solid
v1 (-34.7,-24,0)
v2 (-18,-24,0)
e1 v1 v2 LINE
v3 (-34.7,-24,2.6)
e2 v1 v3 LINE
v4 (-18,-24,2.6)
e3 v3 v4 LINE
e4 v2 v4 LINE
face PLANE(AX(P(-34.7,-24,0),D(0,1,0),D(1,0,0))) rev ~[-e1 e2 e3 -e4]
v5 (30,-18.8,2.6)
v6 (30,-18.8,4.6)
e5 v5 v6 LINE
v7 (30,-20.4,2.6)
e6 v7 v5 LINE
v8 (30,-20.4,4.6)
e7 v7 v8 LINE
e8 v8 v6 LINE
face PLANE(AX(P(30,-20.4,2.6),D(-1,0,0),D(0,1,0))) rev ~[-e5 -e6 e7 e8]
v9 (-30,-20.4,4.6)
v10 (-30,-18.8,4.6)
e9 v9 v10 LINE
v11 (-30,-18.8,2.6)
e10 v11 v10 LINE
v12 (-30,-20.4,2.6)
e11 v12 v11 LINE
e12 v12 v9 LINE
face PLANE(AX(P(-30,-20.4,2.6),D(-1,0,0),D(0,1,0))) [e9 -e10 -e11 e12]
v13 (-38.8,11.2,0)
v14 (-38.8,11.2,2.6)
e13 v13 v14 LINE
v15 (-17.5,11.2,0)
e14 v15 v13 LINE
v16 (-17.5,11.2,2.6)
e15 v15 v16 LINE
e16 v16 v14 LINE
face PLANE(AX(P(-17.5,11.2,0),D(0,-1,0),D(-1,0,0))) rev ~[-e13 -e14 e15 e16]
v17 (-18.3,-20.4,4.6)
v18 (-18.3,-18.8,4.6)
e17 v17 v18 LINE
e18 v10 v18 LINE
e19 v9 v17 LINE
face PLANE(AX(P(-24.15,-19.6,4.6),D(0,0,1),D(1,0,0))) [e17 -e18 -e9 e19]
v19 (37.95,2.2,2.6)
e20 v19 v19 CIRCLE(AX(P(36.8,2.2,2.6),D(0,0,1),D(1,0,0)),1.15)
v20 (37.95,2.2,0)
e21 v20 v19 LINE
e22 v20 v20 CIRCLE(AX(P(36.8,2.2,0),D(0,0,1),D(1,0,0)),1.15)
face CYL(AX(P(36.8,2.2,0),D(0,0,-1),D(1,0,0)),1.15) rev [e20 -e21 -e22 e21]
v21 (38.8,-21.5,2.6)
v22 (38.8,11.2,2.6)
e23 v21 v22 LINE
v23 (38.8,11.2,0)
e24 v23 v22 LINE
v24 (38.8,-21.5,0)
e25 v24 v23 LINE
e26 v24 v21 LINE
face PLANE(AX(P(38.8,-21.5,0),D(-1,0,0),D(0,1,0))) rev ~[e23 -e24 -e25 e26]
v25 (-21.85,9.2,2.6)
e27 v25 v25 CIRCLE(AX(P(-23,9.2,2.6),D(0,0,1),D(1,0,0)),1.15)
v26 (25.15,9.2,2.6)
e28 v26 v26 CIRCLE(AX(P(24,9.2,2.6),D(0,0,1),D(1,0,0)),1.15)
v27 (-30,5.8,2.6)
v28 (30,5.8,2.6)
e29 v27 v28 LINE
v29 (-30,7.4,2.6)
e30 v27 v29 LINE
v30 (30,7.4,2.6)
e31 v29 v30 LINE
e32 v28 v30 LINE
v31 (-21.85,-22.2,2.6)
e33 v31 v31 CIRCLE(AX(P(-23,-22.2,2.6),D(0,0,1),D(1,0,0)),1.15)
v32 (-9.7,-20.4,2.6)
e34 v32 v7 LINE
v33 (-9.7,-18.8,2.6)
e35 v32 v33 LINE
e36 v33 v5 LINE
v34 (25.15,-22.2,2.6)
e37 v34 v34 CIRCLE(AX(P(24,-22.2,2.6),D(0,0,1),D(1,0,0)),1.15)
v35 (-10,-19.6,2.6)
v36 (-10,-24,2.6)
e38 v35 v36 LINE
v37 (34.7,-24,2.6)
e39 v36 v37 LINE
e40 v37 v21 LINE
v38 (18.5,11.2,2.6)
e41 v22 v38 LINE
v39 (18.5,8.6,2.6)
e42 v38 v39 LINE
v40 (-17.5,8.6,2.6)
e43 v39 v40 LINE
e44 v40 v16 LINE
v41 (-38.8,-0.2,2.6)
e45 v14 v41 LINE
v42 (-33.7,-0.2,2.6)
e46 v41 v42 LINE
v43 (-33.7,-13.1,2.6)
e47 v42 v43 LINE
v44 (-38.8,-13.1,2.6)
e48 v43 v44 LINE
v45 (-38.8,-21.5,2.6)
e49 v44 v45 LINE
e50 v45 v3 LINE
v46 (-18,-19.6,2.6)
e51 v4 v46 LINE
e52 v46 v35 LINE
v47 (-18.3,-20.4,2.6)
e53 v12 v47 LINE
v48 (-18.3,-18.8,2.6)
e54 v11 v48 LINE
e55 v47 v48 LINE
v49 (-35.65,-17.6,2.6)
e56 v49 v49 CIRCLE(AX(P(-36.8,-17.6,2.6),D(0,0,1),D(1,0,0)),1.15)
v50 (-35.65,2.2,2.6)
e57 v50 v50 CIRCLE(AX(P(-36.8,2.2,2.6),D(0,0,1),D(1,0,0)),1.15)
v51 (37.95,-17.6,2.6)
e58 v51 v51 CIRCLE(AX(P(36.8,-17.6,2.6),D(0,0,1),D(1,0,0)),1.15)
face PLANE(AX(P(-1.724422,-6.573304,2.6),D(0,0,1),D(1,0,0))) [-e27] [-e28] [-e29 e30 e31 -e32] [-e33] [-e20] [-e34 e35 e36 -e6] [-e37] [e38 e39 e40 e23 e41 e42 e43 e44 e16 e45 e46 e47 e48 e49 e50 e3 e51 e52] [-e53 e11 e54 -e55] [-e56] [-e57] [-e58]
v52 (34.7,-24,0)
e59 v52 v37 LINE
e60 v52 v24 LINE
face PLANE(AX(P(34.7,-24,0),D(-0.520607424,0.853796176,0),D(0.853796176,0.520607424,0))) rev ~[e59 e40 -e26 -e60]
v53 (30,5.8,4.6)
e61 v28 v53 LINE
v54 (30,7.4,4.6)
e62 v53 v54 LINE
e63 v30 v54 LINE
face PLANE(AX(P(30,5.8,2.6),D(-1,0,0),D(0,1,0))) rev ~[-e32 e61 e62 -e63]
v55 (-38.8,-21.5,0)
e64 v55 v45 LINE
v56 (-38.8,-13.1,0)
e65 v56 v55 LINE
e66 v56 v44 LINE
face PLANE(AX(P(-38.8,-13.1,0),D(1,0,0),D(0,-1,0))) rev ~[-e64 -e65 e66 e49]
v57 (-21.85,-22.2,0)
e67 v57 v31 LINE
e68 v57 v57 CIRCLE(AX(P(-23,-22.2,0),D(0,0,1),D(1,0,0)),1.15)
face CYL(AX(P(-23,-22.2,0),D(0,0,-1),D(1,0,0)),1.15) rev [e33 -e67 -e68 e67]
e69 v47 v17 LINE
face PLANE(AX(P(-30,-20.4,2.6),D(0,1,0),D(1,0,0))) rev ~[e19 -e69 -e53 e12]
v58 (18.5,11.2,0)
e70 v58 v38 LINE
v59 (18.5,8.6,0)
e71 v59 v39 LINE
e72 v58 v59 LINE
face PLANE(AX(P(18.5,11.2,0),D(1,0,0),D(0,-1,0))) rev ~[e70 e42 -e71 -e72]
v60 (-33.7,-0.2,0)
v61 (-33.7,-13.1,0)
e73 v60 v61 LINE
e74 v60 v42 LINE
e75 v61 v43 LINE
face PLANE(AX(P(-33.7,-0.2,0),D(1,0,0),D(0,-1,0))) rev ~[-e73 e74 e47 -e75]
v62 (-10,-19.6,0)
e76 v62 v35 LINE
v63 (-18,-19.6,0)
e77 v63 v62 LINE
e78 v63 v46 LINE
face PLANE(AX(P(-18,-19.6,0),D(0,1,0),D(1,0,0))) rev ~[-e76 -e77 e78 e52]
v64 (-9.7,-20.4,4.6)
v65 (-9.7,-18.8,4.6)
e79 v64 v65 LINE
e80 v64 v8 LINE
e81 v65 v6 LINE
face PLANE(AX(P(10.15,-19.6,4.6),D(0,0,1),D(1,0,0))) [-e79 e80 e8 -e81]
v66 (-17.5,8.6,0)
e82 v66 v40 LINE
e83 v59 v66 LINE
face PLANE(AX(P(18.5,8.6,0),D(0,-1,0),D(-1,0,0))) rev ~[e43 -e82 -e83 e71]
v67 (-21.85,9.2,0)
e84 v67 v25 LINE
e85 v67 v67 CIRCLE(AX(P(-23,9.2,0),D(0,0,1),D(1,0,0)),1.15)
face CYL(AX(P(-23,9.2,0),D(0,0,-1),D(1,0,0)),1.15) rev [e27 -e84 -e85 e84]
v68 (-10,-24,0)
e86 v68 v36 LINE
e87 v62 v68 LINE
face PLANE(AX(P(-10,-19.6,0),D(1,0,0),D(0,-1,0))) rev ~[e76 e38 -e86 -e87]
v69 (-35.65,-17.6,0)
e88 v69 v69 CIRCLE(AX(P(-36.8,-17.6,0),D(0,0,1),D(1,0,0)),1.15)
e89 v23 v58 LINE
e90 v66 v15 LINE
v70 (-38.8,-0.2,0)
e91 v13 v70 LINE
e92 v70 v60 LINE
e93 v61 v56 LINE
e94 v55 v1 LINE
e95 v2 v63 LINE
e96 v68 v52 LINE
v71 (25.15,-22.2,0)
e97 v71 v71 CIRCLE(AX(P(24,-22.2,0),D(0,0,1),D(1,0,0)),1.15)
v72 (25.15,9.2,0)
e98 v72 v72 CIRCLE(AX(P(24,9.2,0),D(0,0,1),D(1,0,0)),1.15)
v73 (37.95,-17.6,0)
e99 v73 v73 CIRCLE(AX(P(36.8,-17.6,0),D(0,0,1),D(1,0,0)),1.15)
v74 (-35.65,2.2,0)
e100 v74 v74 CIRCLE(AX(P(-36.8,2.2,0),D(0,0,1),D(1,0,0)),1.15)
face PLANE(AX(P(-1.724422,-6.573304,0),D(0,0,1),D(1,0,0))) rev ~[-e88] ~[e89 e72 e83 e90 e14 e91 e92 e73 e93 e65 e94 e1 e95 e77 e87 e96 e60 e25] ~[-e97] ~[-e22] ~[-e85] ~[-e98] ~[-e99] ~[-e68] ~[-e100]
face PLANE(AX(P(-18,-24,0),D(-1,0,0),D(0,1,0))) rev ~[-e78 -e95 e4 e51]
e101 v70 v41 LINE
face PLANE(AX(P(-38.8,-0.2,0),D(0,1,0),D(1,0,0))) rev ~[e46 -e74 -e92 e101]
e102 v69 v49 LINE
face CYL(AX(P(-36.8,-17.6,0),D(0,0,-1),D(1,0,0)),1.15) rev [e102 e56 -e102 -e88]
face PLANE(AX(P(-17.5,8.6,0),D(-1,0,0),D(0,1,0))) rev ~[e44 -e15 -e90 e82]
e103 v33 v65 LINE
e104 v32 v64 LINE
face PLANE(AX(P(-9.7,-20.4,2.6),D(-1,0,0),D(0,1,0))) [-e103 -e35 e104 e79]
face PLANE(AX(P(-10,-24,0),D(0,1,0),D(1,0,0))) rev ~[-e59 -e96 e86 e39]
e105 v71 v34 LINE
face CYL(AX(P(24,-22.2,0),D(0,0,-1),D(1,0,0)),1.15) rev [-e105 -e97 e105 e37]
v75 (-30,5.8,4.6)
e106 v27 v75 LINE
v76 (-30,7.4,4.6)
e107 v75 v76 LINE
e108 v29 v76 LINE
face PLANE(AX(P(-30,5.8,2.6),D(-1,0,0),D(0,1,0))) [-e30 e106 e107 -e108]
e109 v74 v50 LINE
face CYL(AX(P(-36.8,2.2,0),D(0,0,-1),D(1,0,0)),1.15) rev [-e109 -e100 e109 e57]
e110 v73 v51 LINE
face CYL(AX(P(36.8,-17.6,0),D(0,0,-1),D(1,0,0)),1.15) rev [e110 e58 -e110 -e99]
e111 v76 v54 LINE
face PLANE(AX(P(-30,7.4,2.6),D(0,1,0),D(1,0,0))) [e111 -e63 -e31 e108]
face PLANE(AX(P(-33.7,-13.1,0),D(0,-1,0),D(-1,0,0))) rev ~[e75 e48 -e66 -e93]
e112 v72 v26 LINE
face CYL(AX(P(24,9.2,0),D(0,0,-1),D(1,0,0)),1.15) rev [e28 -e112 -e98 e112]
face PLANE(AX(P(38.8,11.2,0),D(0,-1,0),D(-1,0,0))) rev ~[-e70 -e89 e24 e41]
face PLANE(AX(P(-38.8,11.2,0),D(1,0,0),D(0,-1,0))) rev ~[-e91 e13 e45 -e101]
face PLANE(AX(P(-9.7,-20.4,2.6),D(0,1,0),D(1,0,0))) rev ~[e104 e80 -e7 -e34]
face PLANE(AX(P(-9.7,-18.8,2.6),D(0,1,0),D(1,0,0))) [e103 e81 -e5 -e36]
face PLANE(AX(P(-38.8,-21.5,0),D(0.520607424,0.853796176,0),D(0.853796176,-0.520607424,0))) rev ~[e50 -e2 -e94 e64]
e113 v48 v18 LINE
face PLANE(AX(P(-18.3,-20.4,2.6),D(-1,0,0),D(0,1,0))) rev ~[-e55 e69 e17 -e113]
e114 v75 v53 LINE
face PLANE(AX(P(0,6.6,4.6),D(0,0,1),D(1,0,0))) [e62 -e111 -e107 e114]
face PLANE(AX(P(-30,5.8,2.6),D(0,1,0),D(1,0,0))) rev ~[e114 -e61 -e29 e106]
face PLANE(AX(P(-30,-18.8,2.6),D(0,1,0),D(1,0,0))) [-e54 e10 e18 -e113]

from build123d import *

# Parameters (mm, degrees)
TRIMMED_UPPER_SHELF_CABLE_NOTCH_AN_2_R       = 1.15
TRIMMED_UPPER_SHELF_CABLE_NOTCH_AND_AN_DEPTH = 2.6
PCB_START                                    = 2.6
PCB_EDGE_RESTS_WITH_ANTENNA_GAP_PROFILE_W    = 11.7
PCB_EDGE_RESTS_WITH_ANTENNA_GAP_PROFILE_H    = 1.6
PCB_EDGE_RESTS_WITH_ANTENNA_GAP_PROFILE_W_2  = 39.7
PCB_EDGE_RESTS_WITH_ANTENNA_GAP_PROFILE_W_3  = 60
PCB_EDGE_RESTS_WITH_ANTENNA_GAP_DEPTH        = 2


with BuildPart() as part:
    # Trimmed upper shelf - cable notch an 2 → Trimmed upper shelf - cable notch and an (new body)
    with BuildSketch(Plane.XY):
        Polygon((-38.8, -21.5), (-34.7, -24), (-18, -24), (-18, -19.6), (-10, -19.6), (-10, -24), (34.7, -24), (38.8, -21.5), (38.8, 11.2), (18.5, 11.2), (18.5, 8.6), (-17.5, 8.6), (-17.5, 11.2), (-38.8, 11.2), (-38.8, -0.2), (-33.7, -0.2), (-33.7, -13.1), (-38.8, -13.1), align=None)
        with Locations((-36.8, -17.6)):
            Circle(TRIMMED_UPPER_SHELF_CABLE_NOTCH_AN_2_R, mode=Mode.SUBTRACT)
        with Locations((36.8, -17.6)):
            Circle(TRIMMED_UPPER_SHELF_CABLE_NOTCH_AN_2_R, mode=Mode.SUBTRACT)
        with Locations((-36.8, 2.2)):
            Circle(TRIMMED_UPPER_SHELF_CABLE_NOTCH_AN_2_R, mode=Mode.SUBTRACT)
        with Locations((36.8, 2.2)):
            Circle(TRIMMED_UPPER_SHELF_CABLE_NOTCH_AN_2_R, mode=Mode.SUBTRACT)
        with Locations((-23, -22.2)):
            Circle(TRIMMED_UPPER_SHELF_CABLE_NOTCH_AN_2_R, mode=Mode.SUBTRACT)
        with Locations((24, -22.2)):
            Circle(TRIMMED_UPPER_SHELF_CABLE_NOTCH_AN_2_R, mode=Mode.SUBTRACT)
        with Locations((-23, 9.2)):
            Circle(TRIMMED_UPPER_SHELF_CABLE_NOTCH_AN_2_R, mode=Mode.SUBTRACT)
        with Locations((24, 9.2)):
            Circle(TRIMMED_UPPER_SHELF_CABLE_NOTCH_AN_2_R, mode=Mode.SUBTRACT)
    extrude(amount=TRIMMED_UPPER_SHELF_CABLE_NOTCH_AND_AN_DEPTH)

    # PCB edge rests with antenna gap profile → PCB edge rests with antenna gap (add)
    with BuildSketch(Plane.XY.offset(PCB_START)):
        with Locations((-24.15, -19.6)):
            Rectangle(PCB_EDGE_RESTS_WITH_ANTENNA_GAP_PROFILE_W, PCB_EDGE_RESTS_WITH_ANTENNA_GAP_PROFILE_H)
        with Locations((10.15, -19.6)):
            Rectangle(PCB_EDGE_RESTS_WITH_ANTENNA_GAP_PROFILE_W_2, PCB_EDGE_RESTS_WITH_ANTENNA_GAP_PROFILE_H)
        with Locations((0, 6.6)):
            Rectangle(PCB_EDGE_RESTS_WITH_ANTENNA_GAP_PROFILE_W_3, PCB_EDGE_RESTS_WITH_ANTENNA_GAP_PROFILE_H)
    extrude(amount=PCB_EDGE_RESTS_WITH_ANTENNA_GAP_DEPTH)


solid = part.part
